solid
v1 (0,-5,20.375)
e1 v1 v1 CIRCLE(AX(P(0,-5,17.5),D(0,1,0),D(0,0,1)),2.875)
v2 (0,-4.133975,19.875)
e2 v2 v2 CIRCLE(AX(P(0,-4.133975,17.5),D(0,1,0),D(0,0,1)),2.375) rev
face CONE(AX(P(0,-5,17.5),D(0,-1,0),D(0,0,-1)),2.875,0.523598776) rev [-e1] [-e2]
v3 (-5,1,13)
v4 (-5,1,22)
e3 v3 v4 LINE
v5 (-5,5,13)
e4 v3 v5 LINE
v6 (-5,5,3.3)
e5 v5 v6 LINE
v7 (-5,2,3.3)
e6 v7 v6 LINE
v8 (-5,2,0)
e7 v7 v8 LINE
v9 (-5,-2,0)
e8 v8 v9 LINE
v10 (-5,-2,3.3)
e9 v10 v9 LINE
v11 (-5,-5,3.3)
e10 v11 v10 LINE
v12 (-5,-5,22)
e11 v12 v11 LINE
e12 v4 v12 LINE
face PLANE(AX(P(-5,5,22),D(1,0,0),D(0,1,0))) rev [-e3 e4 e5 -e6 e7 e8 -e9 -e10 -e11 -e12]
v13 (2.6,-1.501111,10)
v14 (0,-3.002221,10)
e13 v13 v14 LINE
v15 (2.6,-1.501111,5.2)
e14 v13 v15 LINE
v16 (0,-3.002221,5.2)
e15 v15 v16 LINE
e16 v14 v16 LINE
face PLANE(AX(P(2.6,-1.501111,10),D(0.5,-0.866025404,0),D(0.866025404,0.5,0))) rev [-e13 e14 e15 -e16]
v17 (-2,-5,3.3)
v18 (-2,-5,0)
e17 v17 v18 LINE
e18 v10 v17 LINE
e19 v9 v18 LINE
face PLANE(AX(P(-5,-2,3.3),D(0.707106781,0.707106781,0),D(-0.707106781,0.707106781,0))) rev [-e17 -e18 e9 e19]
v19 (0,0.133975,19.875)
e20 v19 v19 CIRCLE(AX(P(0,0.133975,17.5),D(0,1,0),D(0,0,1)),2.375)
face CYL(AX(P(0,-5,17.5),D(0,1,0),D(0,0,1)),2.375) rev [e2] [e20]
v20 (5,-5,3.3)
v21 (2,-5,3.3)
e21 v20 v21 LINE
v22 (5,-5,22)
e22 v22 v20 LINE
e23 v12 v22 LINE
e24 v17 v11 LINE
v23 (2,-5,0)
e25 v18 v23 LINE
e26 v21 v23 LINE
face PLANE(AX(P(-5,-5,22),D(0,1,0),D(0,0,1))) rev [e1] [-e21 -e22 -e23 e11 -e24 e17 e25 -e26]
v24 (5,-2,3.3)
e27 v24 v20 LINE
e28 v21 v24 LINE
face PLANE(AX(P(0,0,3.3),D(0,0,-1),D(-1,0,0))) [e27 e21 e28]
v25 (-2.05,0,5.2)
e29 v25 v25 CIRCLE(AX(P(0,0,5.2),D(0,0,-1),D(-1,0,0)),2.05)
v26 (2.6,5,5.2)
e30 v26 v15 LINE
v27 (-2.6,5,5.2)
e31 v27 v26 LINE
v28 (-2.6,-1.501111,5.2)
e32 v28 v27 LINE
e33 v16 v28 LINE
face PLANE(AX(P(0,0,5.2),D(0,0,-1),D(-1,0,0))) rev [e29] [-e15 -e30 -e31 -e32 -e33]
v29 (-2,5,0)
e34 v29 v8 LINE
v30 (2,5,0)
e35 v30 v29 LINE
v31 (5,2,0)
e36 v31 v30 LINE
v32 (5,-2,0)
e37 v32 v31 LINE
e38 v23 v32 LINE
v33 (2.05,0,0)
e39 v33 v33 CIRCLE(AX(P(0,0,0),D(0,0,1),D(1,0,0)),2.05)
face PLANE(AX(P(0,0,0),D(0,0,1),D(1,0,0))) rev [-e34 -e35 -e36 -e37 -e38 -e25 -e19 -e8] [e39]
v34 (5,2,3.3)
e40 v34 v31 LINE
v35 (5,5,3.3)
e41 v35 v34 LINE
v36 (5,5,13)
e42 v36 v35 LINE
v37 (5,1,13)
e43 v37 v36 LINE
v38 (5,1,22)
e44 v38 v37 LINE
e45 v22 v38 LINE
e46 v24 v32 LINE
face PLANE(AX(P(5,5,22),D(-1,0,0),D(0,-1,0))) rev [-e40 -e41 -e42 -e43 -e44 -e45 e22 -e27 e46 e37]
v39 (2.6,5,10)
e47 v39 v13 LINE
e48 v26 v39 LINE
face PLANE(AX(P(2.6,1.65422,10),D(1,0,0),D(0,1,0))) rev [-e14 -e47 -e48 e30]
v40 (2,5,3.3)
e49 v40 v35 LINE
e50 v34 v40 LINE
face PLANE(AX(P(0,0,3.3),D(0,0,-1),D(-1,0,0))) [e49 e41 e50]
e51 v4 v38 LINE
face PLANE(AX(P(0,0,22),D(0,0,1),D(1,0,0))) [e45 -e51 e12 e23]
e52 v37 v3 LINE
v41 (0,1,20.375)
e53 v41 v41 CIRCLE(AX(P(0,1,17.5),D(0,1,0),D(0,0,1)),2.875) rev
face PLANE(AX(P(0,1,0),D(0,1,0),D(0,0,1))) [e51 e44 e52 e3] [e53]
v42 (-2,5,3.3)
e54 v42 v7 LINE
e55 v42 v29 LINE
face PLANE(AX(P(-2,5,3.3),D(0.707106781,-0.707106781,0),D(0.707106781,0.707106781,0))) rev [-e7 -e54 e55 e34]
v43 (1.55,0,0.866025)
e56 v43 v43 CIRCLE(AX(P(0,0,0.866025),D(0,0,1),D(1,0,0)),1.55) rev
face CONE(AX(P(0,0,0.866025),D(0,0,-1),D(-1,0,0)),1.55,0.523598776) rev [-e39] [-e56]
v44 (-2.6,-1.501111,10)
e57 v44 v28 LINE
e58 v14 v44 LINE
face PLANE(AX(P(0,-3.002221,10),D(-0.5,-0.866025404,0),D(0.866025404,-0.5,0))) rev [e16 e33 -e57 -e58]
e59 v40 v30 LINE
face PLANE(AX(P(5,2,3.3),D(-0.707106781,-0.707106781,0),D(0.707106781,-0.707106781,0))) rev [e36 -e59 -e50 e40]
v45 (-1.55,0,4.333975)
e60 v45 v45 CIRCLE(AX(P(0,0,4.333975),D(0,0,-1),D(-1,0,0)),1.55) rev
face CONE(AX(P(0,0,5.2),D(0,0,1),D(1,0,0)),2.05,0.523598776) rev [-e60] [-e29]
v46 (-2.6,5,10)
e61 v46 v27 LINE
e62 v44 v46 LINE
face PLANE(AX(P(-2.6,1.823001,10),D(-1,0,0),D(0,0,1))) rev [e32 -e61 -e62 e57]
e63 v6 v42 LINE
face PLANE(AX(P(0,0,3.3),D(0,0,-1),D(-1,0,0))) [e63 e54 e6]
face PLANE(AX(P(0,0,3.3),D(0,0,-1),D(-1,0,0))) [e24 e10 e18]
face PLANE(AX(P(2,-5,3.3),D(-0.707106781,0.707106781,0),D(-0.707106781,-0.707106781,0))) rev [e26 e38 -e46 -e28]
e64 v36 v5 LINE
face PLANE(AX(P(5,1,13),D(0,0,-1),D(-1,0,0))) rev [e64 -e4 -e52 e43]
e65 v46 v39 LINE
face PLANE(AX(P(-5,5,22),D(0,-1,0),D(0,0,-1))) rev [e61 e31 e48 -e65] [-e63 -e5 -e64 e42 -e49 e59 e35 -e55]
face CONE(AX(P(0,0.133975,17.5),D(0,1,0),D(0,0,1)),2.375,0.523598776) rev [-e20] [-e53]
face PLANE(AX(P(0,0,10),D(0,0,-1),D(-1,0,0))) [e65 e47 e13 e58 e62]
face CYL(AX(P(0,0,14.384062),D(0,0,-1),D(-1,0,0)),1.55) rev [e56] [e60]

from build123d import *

# Parameters (mm, degrees)
SKETCH_1_W             = 10
SKETCH_1_H             = 10
EXTRUDE_1_DEPTH        = 22
CUT_EXTRUDE_START      = -5.2
CUT_EXTRUDE_10_DEPTH   = 4.8
SKETCH_14_R            = 1.55
CUT_EXTRUDE_11_DEPTH   = 10
SKETCH_15_W            = 10
SKETCH_15_H            = 9
CUT_EXTRUDE_12_DEPTH   = 4
SKETCH_16_R            = 2.375
CUT_EXTRUDE_13_DEPTH   = 7
CUT_EXTRUDE_14_DEPTH   = 3.3
CHAMFER_1_SIZE         = 0.5
CHAMFER_1_SIZE2        = 0.866025404
CHAMFER_1_PART_2_SIZE  = 0.5
CHAMFER_1_PART_2_SIZE2 = 0.866025404
CHAMFER_1_PART_3_SIZE  = 0.5
CHAMFER_1_PART_3_SIZE2 = 0.866025404
CHAMFER_1_PART_4_SIZE  = 0.5
CHAMFER_1_PART_4_SIZE2 = 0.866025404


with BuildPart() as part:
    # 草图1 → 凸台-拉伸1 (new body)
    with BuildSketch(Plane.XY):
        Rectangle(SKETCH_1_W, SKETCH_1_H)
    extrude(amount=EXTRUDE_1_DEPTH)

    # 草图13 → 切除-拉伸10 (cut)
    with BuildSketch(Plane(origin=(0, 0, 0), x_dir=(-1, 0, 0), z_dir=(0, 0, -1)).offset(CUT_EXTRUDE_START)):
        Polygon((2.6, 1.823001189), (2.6, 6), (-2.6, 6), (-2.6, 1.654219648), (-2.6, -1.5011107), (0, -3.0022214), (2.6, -1.5011107), align=None)
    extrude(amount=-CUT_EXTRUDE_10_DEPTH, mode=Mode.SUBTRACT)

    # 草图14 → 切除-拉伸11 (cut)
    with BuildSketch(Plane(origin=(0, 0, 0), x_dir=(-1, 0, 0), z_dir=(0, 0, -1))):
        Circle(SKETCH_14_R)
    extrude(amount=-CUT_EXTRUDE_11_DEPTH, mode=Mode.SUBTRACT)

    # 草图15 → 切除-拉伸12 (cut)
    with BuildSketch(Plane(origin=(0, 5, 0), x_dir=(1, 0, 0), z_dir=(0, 1, 0))):
        with Locations((0, -17.5)):
            Rectangle(SKETCH_15_W, SKETCH_15_H)
    extrude(amount=-CUT_EXTRUDE_12_DEPTH, mode=Mode.SUBTRACT)

    # 草图16 → 切除-拉伸13 (cut, through all)
    with BuildSketch(Plane(origin=(0, 1, 0), x_dir=(1, 0, 0), z_dir=(0, 1, 0))):
        with Locations((0, -17.5)):
            Circle(SKETCH_16_R)
    extrude(amount=-CUT_EXTRUDE_13_DEPTH, mode=Mode.SUBTRACT)

    # 草图17 → 切除-拉伸14 (cut)
    with BuildSketch(Plane(origin=(0, 0, 0), x_dir=(-1, 0, 0), z_dir=(0, 0, -1))):
        Polygon((5, 5), (2, 5), (5, 2), align=None)
        Polygon((5, -5), (5, -2), (2, -5), align=None)
        Polygon((-5, 5), (-5, 2), (-2, 5), align=None)
        Polygon((-5, -5), (-2, -5), (-5, -2), align=None)
    extrude(amount=-CUT_EXTRUDE_14_DEPTH, mode=Mode.SUBTRACT)

    # 倒角1
    chamfer_1_edges = [part.edges().sort_by_distance(p)[0] for p in [
        (1.55, 0, 5.2),
    ]]
    chamfer_1_side = [part.faces().sort_by_distance(p)[0] for p in [
        (0, 1.701860009, 5.2),
    ]]
    chamfer(chamfer_1_edges, length=CHAMFER_1_SIZE, length2=CHAMFER_1_SIZE2, reference=chamfer_1_side[0])

    # 倒角1 part 2
    chamfer_1_part_2_edges = [part.edges().sort_by_distance(p)[0] for p in [
        (1.55, 0, 0),
    ]]
    chamfer_1_part_2_side = [part.faces().sort_by_distance(p)[0] for p in [
        (-3.4, 3.4, 0),
    ]]
    chamfer(chamfer_1_part_2_edges, length=CHAMFER_1_PART_2_SIZE, length2=CHAMFER_1_PART_2_SIZE2, reference=chamfer_1_part_2_side[0])

    # 倒角1 part 3
    chamfer_1_part_3_edges = [part.edges().sort_by_distance(p)[0] for p in [
        (-2.375, -5, 17.5),
    ]]
    chamfer_1_part_3_side = [part.faces().sort_by_distance(p)[0] for p in [
        (0, -5, 11.383311376),
    ]]
    chamfer(chamfer_1_part_3_edges, length=CHAMFER_1_PART_3_SIZE, length2=CHAMFER_1_PART_3_SIZE2, reference=chamfer_1_part_3_side[0])

    # 倒角1 part 4
    chamfer_1_part_4_edges = [part.edges().sort_by_distance(p)[0] for p in [
        (-2.375, 1, 17.5),
    ]]
    chamfer_1_part_4_side = [part.faces().sort_by_distance(p)[0] for p in [
        (0, 1, 21.86546376),
    ]]
    chamfer(chamfer_1_part_4_edges, length=CHAMFER_1_PART_4_SIZE, length2=CHAMFER_1_PART_4_SIZE2, reference=chamfer_1_part_4_side[0])


solid = part.part
